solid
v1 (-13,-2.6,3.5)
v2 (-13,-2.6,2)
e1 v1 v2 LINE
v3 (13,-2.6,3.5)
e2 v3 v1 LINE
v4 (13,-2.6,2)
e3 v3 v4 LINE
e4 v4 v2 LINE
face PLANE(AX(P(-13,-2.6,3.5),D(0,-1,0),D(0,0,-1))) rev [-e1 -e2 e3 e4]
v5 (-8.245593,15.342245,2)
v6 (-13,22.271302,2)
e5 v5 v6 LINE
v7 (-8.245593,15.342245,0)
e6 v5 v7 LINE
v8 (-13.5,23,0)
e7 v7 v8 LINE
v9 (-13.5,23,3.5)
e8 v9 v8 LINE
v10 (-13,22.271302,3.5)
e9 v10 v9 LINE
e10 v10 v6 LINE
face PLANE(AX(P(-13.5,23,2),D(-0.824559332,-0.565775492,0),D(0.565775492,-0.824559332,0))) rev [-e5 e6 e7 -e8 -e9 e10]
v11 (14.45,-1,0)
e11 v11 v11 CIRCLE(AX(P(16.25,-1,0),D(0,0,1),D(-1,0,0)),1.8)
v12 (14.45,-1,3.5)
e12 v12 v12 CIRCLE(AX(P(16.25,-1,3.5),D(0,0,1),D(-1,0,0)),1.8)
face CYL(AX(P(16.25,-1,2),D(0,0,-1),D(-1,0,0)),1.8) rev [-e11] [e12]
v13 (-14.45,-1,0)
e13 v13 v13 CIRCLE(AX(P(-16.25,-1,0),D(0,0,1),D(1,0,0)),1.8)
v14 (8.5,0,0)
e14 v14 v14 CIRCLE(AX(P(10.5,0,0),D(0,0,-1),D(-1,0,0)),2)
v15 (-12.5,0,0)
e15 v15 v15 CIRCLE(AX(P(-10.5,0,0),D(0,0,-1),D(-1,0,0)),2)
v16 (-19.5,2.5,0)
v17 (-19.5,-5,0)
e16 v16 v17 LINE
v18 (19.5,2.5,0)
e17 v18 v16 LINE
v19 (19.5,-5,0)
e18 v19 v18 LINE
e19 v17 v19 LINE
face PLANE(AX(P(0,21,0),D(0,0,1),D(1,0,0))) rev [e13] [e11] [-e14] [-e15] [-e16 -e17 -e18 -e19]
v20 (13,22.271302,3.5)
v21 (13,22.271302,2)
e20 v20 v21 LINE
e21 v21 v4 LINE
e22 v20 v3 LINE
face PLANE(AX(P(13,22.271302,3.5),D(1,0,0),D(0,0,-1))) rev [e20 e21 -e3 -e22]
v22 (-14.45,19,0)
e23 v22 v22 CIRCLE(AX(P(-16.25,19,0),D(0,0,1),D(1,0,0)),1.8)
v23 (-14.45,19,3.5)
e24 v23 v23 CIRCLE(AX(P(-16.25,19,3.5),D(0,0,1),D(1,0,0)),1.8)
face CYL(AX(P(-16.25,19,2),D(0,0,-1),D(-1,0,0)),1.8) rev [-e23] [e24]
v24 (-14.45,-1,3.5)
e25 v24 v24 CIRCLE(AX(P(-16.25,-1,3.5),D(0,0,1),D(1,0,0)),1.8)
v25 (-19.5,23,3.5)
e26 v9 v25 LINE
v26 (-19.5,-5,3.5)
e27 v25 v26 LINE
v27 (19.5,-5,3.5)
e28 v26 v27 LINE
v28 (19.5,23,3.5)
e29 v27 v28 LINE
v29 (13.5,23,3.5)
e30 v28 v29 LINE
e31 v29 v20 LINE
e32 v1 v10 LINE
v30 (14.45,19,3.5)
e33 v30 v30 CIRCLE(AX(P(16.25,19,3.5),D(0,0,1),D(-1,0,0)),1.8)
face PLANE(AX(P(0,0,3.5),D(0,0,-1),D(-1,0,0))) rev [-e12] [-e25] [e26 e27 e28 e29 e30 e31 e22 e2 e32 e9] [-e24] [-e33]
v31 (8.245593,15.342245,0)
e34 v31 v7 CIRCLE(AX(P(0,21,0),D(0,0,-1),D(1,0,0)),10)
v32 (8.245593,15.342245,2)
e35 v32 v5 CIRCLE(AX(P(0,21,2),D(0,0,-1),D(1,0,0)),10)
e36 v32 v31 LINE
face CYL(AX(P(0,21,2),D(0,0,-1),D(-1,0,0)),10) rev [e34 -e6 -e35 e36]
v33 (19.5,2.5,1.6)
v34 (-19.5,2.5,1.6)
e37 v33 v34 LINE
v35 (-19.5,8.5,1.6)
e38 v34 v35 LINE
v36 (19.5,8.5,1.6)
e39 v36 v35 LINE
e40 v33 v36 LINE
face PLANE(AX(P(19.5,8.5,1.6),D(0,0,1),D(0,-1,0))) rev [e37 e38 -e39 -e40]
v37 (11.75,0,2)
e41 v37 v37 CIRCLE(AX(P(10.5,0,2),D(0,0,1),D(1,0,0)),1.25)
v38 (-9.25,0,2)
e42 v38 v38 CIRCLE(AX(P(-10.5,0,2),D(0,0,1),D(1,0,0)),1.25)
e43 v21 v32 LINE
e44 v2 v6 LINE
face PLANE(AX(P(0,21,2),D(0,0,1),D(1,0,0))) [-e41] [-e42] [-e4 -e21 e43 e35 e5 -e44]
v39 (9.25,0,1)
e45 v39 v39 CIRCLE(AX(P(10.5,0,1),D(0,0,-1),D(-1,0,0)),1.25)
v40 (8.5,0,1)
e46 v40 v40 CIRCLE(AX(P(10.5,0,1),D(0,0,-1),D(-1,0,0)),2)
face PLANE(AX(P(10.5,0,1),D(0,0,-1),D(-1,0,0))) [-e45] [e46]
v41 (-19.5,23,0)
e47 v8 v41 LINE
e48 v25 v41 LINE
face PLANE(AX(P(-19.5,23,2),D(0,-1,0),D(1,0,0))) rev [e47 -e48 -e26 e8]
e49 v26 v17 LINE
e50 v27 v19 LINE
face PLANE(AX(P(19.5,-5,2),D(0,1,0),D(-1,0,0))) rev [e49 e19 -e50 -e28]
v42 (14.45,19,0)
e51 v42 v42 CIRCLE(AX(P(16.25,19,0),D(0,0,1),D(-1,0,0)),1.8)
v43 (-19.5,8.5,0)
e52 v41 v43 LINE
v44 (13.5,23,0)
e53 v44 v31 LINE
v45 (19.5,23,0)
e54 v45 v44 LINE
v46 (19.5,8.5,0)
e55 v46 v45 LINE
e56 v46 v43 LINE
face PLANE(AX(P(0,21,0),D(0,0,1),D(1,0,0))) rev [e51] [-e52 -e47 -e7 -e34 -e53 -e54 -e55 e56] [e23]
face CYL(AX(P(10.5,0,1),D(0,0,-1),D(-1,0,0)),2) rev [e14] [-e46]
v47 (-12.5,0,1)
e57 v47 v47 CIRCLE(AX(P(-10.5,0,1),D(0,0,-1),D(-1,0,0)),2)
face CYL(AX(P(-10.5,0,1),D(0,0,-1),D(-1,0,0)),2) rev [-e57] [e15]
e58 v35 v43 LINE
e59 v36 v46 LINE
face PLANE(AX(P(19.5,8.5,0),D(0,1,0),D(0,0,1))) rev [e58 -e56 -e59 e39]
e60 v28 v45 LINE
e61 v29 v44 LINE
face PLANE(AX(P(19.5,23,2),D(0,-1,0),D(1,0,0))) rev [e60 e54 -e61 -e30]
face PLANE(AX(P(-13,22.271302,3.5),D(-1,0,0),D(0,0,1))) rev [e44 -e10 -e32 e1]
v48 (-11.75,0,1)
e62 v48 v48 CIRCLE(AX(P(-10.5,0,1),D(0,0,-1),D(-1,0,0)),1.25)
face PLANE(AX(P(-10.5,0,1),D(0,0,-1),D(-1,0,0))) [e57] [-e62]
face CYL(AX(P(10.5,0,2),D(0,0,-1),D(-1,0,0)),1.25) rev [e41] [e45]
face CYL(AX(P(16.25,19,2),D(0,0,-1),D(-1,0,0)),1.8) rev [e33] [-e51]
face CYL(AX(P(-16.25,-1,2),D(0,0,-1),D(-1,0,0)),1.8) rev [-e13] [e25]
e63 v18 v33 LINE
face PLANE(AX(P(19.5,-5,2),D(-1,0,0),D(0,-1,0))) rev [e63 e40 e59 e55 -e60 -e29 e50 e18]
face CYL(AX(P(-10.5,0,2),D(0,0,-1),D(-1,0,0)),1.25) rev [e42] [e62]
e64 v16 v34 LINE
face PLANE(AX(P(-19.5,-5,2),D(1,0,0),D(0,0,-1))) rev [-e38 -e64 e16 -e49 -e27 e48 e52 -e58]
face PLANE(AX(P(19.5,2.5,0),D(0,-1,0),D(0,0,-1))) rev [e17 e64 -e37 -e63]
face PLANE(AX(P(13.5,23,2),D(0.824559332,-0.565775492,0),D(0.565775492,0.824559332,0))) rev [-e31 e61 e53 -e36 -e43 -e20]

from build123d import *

# Parameters (mm, degrees)
SKETCH_1_R          = 1.25
SKETCH_1_R_2        = 1.8
EXTRUDE_1_DEPTH     = 2
SKETCH_3_R          = 1.8
EXTRUDE_2_DEPTH     = 1.5
SKETCH_4_R          = 2
CUT_EXTRUDE_1_DEPTH = 1
SKETCH_5_W          = 1.6
SKETCH_5_H          = 6
CUT_EXTRUDE_6_DEPTH = 40


with BuildPart() as part:
    # ｽｹｯﾁ1 → ﾎﾞｽ - 押し出し1 (new body)
    with BuildSketch(Plane.XY):
        with BuildLine():
            Line((19.5, -5), (-19.5, -5))
            Line((-19.5, -5), (-19.5, 23))
            Line((-19.5, 23), (-13.5, 23))
            Line((-13.5, 23), (-8.245593322, 15.342245077))
            ThreePointArc((-8.245593322, 15.342245077), (0, 11), (8.245593322, 15.342245077))
            Line((8.245593322, 15.342245077), (13.5, 23))
            Line((13.5, 23), (19.5, 23))
            Line((19.5, 23), (19.5, -5))
        make_face()
        with Locations((-10.5, 0)):
            Circle(SKETCH_1_R, mode=Mode.SUBTRACT)
        with Locations((10.5, 0)):
            Circle(SKETCH_1_R, mode=Mode.SUBTRACT)
        with Locations((-16.25, -1)):
            Circle(SKETCH_1_R_2, mode=Mode.SUBTRACT)
        with Locations((-16.25, 19)):
            Circle(SKETCH_1_R_2, mode=Mode.SUBTRACT)
        with Locations((16.25, -1)):
            Circle(SKETCH_1_R_2, mode=Mode.SUBTRACT)
        with Locations((16.25, 19)):
            Circle(SKETCH_1_R_2, mode=Mode.SUBTRACT)
    extrude(amount=EXTRUDE_1_DEPTH)

    # ｽｹｯﾁ3 → ﾎﾞｽ - 押し出し2 (add)
    with BuildSketch(Plane.XY.offset(2)):
        Polygon((-13, 22.271301653), (-13, -2.6), (13, -2.6), (13, 22.271301653), (13.5, 23), (19.5, 23), (19.5, -5), (-19.5, -5), (-19.5, 23), (-13.5, 23), align=None)
        with Locations((-16.25, 19)):
            Circle(SKETCH_3_R, mode=Mode.SUBTRACT)
        with Locations((-16.25, -1)):
            Circle(SKETCH_3_R, mode=Mode.SUBTRACT)
        with Locations((16.25, -1)):
            Circle(SKETCH_3_R, mode=Mode.SUBTRACT)
        with Locations((16.25, 19)):
            Circle(SKETCH_3_R, mode=Mode.SUBTRACT)
    extrude(amount=EXTRUDE_2_DEPTH)

    # ｽｹｯﾁ4 → ｶｯﾄ - 押し出し1 (cut)
    with BuildSketch(Plane(origin=(0, 0, 0), x_dir=(-1, 0, 0), z_dir=(0, 0, -1))):
        with Locations((-10.5, 0)):
            Circle(SKETCH_4_R)
        with Locations((10.5, 0)):
            Circle(SKETCH_4_R)
    extrude(amount=-CUT_EXTRUDE_1_DEPTH, mode=Mode.SUBTRACT)

    # ｽｹｯﾁ5 → ｶｯﾄ - 押し出し6 (cut, through all)
    with BuildSketch(Plane.ZY.offset(19.5)):
        with Locations((0.8, 5.5)):
            Rectangle(SKETCH_5_W, SKETCH_5_H)
    extrude(amount=-CUT_EXTRUDE_6_DEPTH, mode=Mode.SUBTRACT)


solid = part.part
